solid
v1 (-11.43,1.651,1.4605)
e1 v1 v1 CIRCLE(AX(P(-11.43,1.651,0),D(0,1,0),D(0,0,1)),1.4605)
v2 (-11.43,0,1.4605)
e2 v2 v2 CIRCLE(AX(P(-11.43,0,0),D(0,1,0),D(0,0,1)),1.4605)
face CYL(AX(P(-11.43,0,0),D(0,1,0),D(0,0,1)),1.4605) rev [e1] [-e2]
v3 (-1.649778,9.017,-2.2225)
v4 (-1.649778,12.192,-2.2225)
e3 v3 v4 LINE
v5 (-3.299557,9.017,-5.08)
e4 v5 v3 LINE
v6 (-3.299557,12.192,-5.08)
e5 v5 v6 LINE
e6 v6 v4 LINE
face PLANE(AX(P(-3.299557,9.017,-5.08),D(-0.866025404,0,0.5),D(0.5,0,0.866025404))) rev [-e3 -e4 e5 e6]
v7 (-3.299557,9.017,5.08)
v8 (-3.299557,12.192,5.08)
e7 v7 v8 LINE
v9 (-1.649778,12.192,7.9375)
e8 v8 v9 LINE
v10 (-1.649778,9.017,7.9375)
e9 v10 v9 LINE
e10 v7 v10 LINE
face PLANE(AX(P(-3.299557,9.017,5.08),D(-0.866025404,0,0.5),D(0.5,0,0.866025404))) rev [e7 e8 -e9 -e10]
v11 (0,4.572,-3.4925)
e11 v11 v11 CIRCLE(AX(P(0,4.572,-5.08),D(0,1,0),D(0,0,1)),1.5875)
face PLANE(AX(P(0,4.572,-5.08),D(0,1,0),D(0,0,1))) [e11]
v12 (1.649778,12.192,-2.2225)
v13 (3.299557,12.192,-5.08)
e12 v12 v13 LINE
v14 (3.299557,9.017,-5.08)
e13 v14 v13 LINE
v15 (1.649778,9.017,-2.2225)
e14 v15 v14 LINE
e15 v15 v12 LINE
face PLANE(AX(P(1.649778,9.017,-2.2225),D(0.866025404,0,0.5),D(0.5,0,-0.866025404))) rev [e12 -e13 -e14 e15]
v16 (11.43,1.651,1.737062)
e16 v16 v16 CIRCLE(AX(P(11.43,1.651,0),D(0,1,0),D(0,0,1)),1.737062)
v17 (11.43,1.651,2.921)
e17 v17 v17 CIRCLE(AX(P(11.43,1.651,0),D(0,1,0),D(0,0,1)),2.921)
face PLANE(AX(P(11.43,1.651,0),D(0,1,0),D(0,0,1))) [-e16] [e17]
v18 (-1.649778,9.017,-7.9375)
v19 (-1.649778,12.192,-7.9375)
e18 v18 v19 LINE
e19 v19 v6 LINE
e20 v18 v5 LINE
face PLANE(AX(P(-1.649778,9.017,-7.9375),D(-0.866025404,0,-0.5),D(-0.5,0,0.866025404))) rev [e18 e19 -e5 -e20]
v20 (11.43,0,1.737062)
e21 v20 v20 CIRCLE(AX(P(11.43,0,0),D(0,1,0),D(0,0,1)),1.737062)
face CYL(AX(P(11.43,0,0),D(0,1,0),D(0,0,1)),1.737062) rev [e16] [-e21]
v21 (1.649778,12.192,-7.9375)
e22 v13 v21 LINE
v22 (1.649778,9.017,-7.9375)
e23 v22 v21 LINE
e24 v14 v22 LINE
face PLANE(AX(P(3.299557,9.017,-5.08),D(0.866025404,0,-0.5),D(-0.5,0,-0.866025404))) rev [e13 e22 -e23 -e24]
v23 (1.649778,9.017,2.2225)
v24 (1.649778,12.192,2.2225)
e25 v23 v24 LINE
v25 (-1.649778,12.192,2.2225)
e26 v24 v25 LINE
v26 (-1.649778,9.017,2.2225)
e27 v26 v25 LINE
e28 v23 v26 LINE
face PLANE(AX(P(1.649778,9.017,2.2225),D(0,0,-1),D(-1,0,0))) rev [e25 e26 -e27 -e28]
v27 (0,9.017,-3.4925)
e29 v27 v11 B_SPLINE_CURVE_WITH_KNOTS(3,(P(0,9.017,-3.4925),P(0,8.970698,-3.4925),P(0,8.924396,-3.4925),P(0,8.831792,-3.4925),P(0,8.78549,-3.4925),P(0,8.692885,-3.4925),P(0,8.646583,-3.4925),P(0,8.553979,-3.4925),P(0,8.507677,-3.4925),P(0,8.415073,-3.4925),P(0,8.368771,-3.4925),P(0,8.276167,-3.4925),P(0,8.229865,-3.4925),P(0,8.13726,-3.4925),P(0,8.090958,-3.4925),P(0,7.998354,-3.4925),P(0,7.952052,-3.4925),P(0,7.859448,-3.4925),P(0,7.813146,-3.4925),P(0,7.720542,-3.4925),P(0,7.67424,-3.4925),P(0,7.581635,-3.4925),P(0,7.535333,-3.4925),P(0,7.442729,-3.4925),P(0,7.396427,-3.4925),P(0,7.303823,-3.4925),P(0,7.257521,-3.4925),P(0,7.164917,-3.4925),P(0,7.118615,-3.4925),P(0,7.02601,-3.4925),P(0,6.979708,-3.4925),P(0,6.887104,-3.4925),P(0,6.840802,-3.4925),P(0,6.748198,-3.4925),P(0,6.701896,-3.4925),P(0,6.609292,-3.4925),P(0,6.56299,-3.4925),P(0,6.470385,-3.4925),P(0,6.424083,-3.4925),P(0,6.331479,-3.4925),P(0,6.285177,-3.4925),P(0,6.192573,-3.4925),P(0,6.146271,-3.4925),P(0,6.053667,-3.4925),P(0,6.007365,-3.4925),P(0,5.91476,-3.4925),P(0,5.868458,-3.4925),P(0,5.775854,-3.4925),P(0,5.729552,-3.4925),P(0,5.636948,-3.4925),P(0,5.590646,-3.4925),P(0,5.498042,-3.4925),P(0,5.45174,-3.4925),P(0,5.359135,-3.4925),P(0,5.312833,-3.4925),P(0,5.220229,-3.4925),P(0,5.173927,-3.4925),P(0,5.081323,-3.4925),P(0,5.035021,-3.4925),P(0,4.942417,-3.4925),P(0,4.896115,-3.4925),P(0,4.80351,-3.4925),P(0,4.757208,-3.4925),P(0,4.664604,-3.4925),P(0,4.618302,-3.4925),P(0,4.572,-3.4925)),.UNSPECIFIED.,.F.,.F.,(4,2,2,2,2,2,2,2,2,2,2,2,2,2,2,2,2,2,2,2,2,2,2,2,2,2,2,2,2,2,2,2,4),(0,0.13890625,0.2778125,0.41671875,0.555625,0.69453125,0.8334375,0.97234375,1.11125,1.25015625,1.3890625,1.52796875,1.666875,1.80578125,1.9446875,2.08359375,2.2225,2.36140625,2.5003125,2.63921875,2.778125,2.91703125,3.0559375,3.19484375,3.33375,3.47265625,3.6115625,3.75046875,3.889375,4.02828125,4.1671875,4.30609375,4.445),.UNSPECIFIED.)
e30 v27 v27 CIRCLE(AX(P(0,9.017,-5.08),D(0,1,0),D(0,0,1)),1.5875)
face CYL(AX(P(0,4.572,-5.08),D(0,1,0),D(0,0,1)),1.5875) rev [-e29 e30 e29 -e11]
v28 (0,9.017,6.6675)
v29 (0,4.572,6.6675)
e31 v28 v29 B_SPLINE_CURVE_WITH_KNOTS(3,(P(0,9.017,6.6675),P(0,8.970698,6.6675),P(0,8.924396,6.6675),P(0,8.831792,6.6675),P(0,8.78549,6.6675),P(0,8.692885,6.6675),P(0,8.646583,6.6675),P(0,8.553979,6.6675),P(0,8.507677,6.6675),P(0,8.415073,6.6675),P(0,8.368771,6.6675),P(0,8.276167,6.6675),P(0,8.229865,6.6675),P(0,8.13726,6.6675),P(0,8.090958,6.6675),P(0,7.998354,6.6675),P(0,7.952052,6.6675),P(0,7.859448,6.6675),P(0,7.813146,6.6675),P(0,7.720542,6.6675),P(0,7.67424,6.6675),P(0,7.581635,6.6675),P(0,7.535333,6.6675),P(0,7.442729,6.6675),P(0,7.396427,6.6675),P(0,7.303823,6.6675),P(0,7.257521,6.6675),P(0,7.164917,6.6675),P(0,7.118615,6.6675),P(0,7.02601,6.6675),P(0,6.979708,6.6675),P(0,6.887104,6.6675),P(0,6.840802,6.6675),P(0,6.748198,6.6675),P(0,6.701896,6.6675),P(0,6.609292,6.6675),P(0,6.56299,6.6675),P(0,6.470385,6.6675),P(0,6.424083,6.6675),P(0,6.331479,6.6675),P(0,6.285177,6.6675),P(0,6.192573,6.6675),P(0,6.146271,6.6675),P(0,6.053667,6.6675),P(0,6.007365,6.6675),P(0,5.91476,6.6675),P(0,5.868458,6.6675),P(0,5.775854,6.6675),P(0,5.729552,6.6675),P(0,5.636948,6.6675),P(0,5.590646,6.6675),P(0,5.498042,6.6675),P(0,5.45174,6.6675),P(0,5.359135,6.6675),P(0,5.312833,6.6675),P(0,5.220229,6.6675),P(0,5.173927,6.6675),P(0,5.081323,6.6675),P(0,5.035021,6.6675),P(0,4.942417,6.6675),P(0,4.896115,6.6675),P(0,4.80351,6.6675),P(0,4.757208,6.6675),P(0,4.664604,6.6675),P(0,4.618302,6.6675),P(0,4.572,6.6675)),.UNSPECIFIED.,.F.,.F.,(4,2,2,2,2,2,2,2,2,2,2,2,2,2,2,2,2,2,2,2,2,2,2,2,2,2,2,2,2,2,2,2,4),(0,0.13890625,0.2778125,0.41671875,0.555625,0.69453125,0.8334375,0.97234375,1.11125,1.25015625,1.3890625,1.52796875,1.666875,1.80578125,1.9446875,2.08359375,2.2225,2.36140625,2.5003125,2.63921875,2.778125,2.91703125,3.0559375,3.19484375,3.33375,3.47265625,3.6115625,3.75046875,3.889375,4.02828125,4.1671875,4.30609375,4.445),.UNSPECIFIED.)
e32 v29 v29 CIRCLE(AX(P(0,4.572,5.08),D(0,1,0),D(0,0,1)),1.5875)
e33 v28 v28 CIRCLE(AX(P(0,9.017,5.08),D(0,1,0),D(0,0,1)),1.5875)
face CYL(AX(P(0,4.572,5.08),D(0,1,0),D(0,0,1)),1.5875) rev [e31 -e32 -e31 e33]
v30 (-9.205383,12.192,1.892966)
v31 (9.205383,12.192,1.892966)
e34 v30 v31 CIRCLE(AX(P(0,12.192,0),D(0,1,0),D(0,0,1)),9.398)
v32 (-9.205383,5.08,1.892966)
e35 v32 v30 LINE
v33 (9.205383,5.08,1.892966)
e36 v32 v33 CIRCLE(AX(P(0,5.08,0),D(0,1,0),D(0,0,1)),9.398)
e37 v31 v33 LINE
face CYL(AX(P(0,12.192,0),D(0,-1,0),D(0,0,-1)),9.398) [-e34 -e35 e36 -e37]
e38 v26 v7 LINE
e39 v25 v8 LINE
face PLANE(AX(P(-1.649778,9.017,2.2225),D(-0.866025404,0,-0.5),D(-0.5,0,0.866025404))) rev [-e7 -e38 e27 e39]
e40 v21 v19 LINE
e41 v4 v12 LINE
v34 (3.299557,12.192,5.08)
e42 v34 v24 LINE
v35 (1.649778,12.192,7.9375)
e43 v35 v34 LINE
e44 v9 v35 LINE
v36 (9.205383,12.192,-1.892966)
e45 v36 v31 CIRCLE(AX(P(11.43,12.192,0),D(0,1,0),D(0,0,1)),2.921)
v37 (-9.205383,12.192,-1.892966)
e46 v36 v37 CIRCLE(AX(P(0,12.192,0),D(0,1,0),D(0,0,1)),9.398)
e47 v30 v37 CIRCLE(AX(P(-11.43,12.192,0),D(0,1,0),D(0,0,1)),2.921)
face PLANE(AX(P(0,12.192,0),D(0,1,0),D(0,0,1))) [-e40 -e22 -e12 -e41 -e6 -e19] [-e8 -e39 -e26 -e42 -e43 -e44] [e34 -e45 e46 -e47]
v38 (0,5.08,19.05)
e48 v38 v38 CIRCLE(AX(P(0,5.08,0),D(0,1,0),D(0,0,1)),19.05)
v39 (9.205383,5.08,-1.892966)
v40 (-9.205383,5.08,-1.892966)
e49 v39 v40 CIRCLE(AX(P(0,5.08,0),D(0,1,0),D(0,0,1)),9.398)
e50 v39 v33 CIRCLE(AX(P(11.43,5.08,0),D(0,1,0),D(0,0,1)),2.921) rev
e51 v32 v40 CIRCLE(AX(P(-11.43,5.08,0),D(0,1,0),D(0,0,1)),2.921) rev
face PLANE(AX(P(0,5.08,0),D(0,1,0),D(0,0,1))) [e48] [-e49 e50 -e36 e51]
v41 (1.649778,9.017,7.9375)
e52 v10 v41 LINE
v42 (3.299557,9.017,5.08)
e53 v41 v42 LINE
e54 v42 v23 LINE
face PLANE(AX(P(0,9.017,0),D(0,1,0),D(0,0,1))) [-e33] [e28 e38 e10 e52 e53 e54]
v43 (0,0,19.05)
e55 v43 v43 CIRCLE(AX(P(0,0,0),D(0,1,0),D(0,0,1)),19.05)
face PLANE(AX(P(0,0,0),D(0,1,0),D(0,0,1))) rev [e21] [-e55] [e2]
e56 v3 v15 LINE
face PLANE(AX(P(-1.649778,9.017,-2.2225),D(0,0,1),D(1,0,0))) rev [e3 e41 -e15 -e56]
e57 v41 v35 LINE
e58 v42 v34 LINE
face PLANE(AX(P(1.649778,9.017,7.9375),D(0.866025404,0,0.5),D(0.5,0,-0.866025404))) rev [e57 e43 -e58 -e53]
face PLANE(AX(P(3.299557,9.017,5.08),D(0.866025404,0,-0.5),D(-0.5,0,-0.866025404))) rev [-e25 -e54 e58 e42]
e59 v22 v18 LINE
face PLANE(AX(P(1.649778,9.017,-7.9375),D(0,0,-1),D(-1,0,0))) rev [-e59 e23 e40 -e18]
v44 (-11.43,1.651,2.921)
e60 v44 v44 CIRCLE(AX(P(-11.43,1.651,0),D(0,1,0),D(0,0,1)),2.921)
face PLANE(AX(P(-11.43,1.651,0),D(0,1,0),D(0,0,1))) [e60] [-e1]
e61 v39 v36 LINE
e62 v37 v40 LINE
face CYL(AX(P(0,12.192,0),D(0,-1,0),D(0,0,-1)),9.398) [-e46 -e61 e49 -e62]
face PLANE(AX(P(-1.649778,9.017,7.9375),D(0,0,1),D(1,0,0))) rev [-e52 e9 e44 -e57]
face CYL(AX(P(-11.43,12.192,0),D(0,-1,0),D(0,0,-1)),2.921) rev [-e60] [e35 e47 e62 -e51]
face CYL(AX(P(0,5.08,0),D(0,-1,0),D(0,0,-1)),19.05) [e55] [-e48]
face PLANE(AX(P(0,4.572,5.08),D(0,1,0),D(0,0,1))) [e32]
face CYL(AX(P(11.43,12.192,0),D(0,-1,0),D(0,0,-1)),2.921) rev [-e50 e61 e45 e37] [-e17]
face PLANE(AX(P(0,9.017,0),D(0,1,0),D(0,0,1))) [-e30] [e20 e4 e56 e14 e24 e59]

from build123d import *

# Parameters (mm, degrees)
SKETCH1_R               = 19.05
BOSS_EXTRUDE1_DEPTH     = 5.08
SKETCH4_R               = 9.398
BOSS_EXTRUDE2_DEPTH     = 7.112
SKETCH5_R               = 2.921
CUT_EXTRUDE1_DEPTH      = 28.863695807
CUT_EXTRUDE1_DEPTH_BACK = 3.429
SKETCH6_R               = 1.4605
SKETCH6_R_2             = 1.73706236
CUT_EXTRUDE2_DEPTH      = 28.863695807
CUT_EXTRUDE2_DEPTH_BACK = 28.863695807
CUT_EXTRUDE5_DEPTH      = 3.175
SKETCH10_R              = 1.5875
CUT_EXTRUDE6_DEPTH      = 7.62


with BuildPart() as part:
    # Sketch1 → Boss-Extrude1 (new body)
    with BuildSketch(Plane(origin=(0, 0, 0), x_dir=(1, 0, 0), z_dir=(0, 1, 0))):
        with Locations(Location((0, 0, 0), (0, 0, 270))):
            Circle(SKETCH1_R)
    extrude(amount=BOSS_EXTRUDE1_DEPTH)

    # Sketch4 → Boss-Extrude2 (add)
    with BuildSketch(Plane(origin=(0, 5.08, 0), x_dir=(1, 0, 0), z_dir=(0, 1, 0))):
        with Locations(Location((0, 0, 0), (0, 0, 270))):
            Circle(SKETCH4_R)
    extrude(amount=BOSS_EXTRUDE2_DEPTH)

    # Sketch5 → Cut-Extrude1 (cut, two sides)
    with BuildSketch(Plane(origin=(0, 5.08, 0), x_dir=(1, 0, 0), z_dir=(0, 1, 0))) as cut_extrude1_sk:
        with Locations(Location((-11.43, 0, 0), (0, 0, 40.395058429))):
            Circle(SKETCH5_R)
        with Locations(Location((11.43, 0, 0), (0, 0, 139.604941571))):
            Circle(SKETCH5_R)
    extrude(amount=CUT_EXTRUDE1_DEPTH, mode=Mode.SUBTRACT)
    extrude(cut_extrude1_sk.sketch, amount=-CUT_EXTRUDE1_DEPTH_BACK, mode=Mode.SUBTRACT)

    # Sketch6 → Cut-Extrude2 (cut, two sides)
    with BuildSketch(Plane(origin=(0, 5.08, 0), x_dir=(1, 0, 0), z_dir=(0, 1, 0))) as cut_extrude2_sk:
        with Locations(Location((-11.43, 0, 0), (0, 0, 270))):
            Circle(SKETCH6_R)
        with Locations(Location((11.43, 0, 0), (0, 0, 270))):
            Circle(SKETCH6_R_2)
    extrude(amount=CUT_EXTRUDE2_DEPTH, mode=Mode.SUBTRACT)
    extrude(cut_extrude2_sk.sketch, amount=-CUT_EXTRUDE2_DEPTH_BACK, mode=Mode.SUBTRACT)

    # Sketch9 → Cut-Extrude5 (cut)
    with BuildSketch(Plane(origin=(0, 12.192, 0), x_dir=(1, 0, 0), z_dir=(0, 1, 0))):
        Polygon((3.299556788, 5.08), (1.649778394, 7.9375), (-1.649778394, 7.9375), (-3.299556788, 5.08), (-1.649778394, 2.2225), (1.649778394, 2.2225), align=None)
        Polygon((3.299556788, -5.08), (1.649778394, -2.2225), (-1.649778394, -2.2225), (-3.299556788, -5.08), (-1.649778394, -7.9375), (1.649778394, -7.9375), align=None)
    extrude(amount=-CUT_EXTRUDE5_DEPTH, mode=Mode.SUBTRACT)

    # Sketch10 → Cut-Extrude6 (cut)
    with BuildSketch(Plane(origin=(0, 12.192, 0), x_dir=(1, 0, 0), z_dir=(0, 1, 0))):
        with Locations(Location((0, 5.08, 0), (0, 0, 270))):
            Circle(SKETCH10_R)
        with Locations(Location((0, -5.08, 0), (0, 0, 270))):
            Circle(SKETCH10_R)
    extrude(amount=-CUT_EXTRUDE6_DEPTH, mode=Mode.SUBTRACT)


solid = part.part
